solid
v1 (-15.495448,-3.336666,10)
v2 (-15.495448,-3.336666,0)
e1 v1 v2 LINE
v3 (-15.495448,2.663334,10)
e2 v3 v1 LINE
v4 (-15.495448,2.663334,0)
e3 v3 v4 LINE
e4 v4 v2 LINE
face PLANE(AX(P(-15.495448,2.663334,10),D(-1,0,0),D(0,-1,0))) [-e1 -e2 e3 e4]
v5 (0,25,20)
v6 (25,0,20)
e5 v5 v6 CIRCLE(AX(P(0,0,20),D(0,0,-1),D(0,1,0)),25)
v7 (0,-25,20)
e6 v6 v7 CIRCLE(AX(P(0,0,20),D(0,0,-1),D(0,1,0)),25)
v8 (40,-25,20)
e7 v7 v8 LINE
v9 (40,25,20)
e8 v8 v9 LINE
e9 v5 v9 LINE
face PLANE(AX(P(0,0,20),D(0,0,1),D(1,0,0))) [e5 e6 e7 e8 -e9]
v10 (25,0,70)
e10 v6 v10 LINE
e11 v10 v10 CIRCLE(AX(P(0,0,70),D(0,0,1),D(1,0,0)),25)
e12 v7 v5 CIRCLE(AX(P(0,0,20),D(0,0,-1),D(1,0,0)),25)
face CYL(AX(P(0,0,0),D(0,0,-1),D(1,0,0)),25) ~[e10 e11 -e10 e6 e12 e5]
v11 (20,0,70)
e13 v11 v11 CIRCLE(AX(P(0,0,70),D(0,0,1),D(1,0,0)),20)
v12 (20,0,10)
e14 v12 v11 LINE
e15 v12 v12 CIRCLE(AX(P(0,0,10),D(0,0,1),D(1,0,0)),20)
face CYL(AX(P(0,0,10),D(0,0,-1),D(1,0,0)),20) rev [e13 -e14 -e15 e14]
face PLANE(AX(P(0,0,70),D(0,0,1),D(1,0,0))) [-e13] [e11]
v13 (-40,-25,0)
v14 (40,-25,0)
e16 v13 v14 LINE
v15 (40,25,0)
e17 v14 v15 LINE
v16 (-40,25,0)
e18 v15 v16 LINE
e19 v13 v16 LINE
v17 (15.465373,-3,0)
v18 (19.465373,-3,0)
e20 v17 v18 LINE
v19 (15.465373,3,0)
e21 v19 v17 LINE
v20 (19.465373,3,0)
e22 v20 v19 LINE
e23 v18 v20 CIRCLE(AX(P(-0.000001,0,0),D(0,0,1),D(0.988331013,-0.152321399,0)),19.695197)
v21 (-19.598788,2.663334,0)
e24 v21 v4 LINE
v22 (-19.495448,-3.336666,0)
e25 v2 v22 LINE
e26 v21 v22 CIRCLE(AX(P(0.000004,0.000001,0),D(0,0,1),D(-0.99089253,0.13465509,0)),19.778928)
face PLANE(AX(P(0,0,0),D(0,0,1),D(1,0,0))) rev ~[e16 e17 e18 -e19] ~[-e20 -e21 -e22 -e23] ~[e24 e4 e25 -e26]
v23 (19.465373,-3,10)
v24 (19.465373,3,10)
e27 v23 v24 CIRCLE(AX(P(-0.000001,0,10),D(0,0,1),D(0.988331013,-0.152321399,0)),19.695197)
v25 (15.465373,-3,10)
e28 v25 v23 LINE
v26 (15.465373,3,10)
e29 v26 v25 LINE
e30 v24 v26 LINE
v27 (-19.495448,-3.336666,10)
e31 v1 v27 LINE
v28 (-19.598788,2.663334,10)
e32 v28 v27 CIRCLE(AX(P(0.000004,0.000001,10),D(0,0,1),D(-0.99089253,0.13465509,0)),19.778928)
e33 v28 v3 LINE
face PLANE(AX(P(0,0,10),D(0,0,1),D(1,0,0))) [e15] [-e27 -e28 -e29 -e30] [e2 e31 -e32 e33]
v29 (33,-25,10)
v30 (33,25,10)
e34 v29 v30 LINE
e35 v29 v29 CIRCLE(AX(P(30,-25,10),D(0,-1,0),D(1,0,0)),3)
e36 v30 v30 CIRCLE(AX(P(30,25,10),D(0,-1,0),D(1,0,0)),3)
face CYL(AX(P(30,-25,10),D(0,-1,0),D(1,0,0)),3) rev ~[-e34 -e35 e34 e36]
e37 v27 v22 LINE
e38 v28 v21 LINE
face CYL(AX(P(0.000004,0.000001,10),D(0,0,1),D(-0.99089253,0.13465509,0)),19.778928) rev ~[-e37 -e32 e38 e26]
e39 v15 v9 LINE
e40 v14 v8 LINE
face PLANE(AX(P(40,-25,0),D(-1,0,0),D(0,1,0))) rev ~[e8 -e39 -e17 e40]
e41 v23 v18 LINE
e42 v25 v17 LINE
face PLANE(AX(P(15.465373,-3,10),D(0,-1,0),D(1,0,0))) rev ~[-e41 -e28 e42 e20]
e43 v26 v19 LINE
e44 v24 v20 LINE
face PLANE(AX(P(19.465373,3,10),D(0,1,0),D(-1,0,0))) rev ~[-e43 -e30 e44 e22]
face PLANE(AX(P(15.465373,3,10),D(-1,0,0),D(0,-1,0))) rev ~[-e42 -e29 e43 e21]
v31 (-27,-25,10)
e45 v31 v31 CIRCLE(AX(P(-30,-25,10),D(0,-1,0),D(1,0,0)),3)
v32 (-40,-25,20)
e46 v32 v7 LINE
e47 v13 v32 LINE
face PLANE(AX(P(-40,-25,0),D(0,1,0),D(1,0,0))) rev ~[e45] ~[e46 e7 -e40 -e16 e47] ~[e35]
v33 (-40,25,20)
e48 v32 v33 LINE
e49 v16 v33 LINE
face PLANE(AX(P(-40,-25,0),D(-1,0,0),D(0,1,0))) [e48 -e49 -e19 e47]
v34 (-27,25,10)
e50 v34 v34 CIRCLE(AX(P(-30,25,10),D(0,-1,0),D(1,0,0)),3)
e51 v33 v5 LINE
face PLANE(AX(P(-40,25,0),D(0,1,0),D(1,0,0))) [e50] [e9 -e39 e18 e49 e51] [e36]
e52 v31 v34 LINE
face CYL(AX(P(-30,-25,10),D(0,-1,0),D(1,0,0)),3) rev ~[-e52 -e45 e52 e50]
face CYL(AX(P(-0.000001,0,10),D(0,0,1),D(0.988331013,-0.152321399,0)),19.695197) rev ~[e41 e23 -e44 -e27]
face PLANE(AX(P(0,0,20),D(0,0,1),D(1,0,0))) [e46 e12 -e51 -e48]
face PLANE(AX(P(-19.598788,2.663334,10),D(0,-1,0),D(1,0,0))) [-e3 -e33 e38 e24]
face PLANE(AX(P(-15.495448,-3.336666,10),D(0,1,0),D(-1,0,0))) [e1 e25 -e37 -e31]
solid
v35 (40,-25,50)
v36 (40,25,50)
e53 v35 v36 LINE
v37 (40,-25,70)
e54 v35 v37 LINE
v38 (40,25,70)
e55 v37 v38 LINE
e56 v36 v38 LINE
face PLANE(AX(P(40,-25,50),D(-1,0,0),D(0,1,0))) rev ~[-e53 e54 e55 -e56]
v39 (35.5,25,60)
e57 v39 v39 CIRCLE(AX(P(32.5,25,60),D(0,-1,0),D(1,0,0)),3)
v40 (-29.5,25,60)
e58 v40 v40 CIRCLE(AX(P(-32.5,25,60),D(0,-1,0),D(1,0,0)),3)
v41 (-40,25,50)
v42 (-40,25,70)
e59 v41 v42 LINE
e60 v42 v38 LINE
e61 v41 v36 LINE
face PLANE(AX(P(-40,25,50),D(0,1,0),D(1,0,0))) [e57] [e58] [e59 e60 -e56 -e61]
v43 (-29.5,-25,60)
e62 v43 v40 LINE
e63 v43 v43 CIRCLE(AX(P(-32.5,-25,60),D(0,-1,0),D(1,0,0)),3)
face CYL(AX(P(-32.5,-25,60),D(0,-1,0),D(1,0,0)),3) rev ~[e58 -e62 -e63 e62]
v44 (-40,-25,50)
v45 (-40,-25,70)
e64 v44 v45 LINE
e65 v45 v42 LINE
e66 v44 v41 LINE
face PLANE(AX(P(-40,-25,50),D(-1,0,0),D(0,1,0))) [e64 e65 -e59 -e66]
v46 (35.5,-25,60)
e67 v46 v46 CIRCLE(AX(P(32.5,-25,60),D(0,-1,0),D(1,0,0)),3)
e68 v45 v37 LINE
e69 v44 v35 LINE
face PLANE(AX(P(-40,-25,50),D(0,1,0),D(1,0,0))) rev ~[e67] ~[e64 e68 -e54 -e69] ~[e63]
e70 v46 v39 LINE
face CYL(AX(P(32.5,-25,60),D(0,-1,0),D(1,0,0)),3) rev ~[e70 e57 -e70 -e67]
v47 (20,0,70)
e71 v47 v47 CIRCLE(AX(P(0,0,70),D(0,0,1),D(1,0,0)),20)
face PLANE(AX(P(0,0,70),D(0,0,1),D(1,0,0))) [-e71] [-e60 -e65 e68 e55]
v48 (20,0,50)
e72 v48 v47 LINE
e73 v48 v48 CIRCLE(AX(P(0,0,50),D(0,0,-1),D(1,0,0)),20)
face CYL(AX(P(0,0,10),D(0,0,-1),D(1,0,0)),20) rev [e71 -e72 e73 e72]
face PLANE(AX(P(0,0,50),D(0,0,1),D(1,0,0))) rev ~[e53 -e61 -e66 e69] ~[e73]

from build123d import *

# Parameters (mm, degrees)
CYLINDER001_R     = 25
CYLINDER001_DEPTH = 70
BOX_W             = 80
BOX_H             = 50
BOX_DEPTH         = 20
CYLINDER_R        = 20
CYLINDER_DEPTH    = 60
SKETCH_R          = 3
POCKET_DEPTH      = 50.001
POCKET001_DEPTH   = 10.001
BOX001_W          = 80
BOX001_H          = 50
BOX001_DEPTH      = 20
SKETCH002_R       = 3
POCKET002_DEPTH   = 50.001


with BuildPart() as cylinder001:
    # Cylinder001 → Cylinder001 (new body)
    with BuildSketch(Plane.XY):
        Circle(CYLINDER001_R)
    extrude(amount=CYLINDER001_DEPTH)


with BuildPart() as cut001:
    # Box → Box (new body)
    with BuildSketch(Plane(origin=(-40, -25, 0), x_dir=(1, 0, 0), z_dir=(0, 0, 1))):
        with Locations((40, 25)):
            Rectangle(BOX_W, BOX_H)
    extrude(amount=BOX_DEPTH)

    # Cut001: cut Cylinder001
    add(cylinder001.part, mode=Mode.SUBTRACT)


with BuildPart() as cylinder:
    # Cylinder → Cylinder (new body)
    with BuildSketch(Plane.XY.offset(10)):
        Circle(CYLINDER_R)
    extrude(amount=CYLINDER_DEPTH)


with BuildPart() as pocket001:
    # Cut base: copy of Cylinder001
    add(cylinder001.part)

    # Cut: cut Cylinder
    add(cylinder.part, mode=Mode.SUBTRACT)

    # Fusion: union Cut001
    add(cut001.part)

    # Sketch → Pocket (cut, through all)
    with BuildSketch(Plane.XZ.offset(25)):
        with Locations((-30, 10)):
            Circle(SKETCH_R)
        with Locations((30, 10)):
            Circle(SKETCH_R)
    extrude(amount=-POCKET_DEPTH, mode=Mode.SUBTRACT)

    # Sketch001 → Pocket001 (cut, through all)
    with BuildSketch(Plane.XY.offset(10)):
        with BuildLine():
            Line((-19.598788, 2.663334), (-15.495448, 2.663334))
            Line((-15.495448, 2.663334), (-15.495448, -3.336666))
            Line((-15.495448, -3.336666), (-19.495448, -3.336666))
            ThreePointArc((-19.598788, 2.663334), (-19.775991, -0.340608), (-19.495448, -3.336666))
        make_face()
        with BuildLine():
            Line((19.465373, 3), (15.465373, 3))
            Line((15.465373, 3), (15.465373, -3))
            Line((15.465373, -3), (19.465373, -3))
            ThreePointArc((19.465373, -3), (19.695196, 0), (19.465373, 3))
        make_face()
    extrude(amount=-POCKET001_DEPTH, mode=Mode.SUBTRACT)


with BuildPart() as pocket002:
    # Box001 → Box001 (new body)
    with BuildSketch(Plane(origin=(-40, -25, 50), x_dir=(1, 0, 0), z_dir=(0, 0, 1))):
        with Locations((40, 25)):
            Rectangle(BOX001_W, BOX001_H)
    extrude(amount=BOX001_DEPTH)

    # Cut002: cut Cylinder
    add(cylinder.part, mode=Mode.SUBTRACT)

    # Sketch002 → Pocket002 (cut, through all)
    with BuildSketch(Plane.XZ.offset(25)):
        with Locations((-32.5, 60)):
            Circle(SKETCH002_R)
        with Locations((32.5, 60)):
            Circle(SKETCH002_R)
    extrude(amount=-POCKET002_DEPTH, mode=Mode.SUBTRACT)


solid = Compound([pocket001.part, pocket002.part])
